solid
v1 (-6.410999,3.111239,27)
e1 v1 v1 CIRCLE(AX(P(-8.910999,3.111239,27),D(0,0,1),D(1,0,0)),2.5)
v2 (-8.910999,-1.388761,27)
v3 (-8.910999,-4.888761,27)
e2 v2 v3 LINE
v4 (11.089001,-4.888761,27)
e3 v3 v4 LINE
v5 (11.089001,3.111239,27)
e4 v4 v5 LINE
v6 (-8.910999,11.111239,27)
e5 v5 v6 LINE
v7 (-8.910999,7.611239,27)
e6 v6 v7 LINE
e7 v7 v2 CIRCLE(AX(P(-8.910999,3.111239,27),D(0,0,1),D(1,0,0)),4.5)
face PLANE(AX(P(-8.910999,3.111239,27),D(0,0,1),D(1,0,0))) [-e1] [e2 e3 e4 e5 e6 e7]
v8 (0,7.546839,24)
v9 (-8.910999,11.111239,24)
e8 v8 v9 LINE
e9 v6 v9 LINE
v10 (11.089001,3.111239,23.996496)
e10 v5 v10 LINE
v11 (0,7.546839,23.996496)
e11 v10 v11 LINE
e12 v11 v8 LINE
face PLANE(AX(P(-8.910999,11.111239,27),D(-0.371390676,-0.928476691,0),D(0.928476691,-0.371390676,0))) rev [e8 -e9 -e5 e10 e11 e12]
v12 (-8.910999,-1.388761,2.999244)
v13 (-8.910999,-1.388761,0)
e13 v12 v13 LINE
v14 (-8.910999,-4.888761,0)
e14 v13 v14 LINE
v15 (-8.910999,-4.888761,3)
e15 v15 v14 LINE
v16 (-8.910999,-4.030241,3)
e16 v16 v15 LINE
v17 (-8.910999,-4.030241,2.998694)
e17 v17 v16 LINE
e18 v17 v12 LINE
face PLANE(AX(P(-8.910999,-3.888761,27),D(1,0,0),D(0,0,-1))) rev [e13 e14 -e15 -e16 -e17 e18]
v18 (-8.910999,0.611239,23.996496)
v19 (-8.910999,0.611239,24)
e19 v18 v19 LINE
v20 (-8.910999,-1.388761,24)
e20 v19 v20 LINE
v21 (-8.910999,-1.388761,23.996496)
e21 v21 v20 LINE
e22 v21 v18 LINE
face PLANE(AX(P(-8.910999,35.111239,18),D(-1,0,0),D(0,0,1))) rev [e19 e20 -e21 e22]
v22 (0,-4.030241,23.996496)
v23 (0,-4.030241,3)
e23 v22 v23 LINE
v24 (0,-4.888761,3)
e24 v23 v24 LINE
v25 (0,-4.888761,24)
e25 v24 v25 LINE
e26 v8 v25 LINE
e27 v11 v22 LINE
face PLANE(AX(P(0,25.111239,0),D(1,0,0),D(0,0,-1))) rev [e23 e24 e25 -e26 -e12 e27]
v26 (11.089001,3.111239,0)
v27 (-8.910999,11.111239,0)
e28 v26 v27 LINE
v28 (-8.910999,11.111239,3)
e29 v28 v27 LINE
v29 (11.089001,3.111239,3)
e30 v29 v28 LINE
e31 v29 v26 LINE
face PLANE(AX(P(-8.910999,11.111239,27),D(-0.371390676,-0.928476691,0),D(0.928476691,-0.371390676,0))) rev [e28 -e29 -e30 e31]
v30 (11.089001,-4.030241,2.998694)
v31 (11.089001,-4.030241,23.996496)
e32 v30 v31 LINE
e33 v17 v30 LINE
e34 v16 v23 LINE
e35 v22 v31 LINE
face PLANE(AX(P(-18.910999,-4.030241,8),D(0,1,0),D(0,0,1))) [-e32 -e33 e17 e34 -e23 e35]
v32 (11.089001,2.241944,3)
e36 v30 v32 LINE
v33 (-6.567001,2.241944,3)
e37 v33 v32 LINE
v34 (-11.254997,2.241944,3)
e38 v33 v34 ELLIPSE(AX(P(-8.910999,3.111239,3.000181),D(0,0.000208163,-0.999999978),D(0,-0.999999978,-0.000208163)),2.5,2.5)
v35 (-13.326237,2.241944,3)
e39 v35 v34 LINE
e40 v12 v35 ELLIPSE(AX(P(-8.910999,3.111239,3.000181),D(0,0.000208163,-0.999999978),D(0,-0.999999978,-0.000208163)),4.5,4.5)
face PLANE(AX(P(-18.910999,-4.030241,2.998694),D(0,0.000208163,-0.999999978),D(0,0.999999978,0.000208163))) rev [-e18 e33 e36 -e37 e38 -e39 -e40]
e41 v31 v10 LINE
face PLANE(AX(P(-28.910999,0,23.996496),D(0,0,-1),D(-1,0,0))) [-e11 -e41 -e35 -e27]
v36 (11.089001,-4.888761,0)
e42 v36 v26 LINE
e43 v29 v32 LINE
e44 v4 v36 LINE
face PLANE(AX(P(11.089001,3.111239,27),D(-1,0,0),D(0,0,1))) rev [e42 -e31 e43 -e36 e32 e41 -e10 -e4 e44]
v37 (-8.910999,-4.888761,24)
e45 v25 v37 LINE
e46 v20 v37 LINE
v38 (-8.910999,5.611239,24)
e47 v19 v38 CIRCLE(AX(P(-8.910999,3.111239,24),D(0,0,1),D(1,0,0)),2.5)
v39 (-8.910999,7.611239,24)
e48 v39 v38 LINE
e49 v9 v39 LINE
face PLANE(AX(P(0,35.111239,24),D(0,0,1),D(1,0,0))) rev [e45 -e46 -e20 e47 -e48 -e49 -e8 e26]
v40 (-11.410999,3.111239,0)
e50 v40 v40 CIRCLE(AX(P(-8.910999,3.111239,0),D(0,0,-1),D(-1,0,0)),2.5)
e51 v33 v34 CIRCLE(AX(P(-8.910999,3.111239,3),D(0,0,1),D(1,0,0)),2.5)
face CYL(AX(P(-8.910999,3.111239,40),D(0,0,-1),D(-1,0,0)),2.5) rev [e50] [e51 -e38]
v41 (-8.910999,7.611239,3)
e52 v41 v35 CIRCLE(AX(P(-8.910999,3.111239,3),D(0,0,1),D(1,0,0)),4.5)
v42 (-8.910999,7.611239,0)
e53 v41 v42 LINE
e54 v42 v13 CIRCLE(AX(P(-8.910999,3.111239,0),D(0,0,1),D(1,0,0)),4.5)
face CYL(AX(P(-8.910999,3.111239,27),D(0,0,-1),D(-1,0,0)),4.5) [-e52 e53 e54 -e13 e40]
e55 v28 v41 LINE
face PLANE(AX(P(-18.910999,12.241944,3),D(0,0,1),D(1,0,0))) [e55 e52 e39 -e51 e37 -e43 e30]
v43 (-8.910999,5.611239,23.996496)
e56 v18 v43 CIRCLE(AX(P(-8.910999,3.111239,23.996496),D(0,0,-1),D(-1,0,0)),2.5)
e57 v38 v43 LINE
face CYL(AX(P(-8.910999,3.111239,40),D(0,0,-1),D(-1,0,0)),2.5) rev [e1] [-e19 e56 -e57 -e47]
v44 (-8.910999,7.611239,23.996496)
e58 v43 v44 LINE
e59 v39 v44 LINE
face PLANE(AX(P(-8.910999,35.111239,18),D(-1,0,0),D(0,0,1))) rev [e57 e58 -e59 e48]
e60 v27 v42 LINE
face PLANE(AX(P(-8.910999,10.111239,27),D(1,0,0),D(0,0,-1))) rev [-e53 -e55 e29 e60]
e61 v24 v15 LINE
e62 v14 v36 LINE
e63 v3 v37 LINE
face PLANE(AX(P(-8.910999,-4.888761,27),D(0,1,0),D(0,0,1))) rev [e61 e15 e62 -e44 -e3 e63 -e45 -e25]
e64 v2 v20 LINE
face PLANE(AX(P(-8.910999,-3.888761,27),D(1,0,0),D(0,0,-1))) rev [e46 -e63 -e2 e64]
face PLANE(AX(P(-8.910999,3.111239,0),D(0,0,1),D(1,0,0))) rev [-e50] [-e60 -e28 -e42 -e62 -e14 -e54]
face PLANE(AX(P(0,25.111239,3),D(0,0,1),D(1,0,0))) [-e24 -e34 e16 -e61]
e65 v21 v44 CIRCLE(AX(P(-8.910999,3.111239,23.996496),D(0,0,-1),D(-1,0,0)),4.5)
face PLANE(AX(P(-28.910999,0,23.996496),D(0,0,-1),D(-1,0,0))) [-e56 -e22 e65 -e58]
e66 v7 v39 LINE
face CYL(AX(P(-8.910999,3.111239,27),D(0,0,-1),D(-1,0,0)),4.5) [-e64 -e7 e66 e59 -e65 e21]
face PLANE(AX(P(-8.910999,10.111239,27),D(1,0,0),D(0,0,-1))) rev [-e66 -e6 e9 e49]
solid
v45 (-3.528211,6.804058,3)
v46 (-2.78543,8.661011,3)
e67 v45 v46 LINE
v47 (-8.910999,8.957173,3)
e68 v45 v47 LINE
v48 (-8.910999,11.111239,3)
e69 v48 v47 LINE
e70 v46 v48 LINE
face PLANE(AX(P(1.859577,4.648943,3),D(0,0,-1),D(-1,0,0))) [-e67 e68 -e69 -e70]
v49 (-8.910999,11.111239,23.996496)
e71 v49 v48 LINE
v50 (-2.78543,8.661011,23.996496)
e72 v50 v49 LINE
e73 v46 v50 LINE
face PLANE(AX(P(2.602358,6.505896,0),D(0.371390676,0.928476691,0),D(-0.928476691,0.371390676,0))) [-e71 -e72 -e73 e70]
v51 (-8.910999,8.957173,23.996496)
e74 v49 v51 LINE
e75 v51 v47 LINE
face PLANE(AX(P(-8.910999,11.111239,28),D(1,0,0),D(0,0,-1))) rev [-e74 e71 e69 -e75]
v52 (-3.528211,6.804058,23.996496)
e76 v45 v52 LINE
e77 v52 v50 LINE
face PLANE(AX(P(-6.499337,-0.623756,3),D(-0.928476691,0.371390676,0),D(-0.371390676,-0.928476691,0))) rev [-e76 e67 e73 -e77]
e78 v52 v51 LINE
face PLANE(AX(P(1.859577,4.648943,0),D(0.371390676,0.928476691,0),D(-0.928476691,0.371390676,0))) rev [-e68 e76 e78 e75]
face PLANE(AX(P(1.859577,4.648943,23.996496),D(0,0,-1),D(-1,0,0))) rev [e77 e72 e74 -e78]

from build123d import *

# Parameters (mm, degrees)
EXTRUDE_2_DEPTH      = 27
CUT_EXTRUDE_1_DEPTH  = 30
CUT_EXTRUDE_3_DEPTH  = 30
SKETCH_8_W           = 8.910998672
SKETCH_8_H           = 15
CUT_EXTRUDE_4_DEPTH  = 30
SKETCH_38_W          = 5.996496197
SKETCH_38_H          = 7.141479878
CUT_EXTRUDE_5_DEPTH  = 40
SKETCH_41_W          = 6
SKETCH_41_H          = 16.93537555
CUT_EXTRUDE_6_DEPTH  = 40
SKETCH_43_W          = 8.910998672
SKETCH_43_H          = 6
CUT_EXTRUDE_7_DEPTH  = 40
SKETCH_36_R          = 2.5
CUT_EXTRUDE_8_DEPTH  = 40
SKETCH_45_W          = 9.597439288
SKETCH_45_H          = 20.996496197
EXTRUDE_8_DEPTH      = 2
CUT_EXTRUDE_10_DEPTH = 25
SKETCH_49_W          = 3
SKETCH_49_H          = 20.996496197
CUT_EXTRUDE_11_DEPTH = 10


with BuildPart() as part:
    # 草图1 → 凸台-拉伸2 (new body)
    with BuildSketch(Plane.XY):
        with BuildLine():
            Line((-8.910998672, 11.111238711), (11.089001328, 3.111238711))
            Line((11.089001328, 3.111238711), (11.089001328, -4.888761289))
            Line((11.089001328, -4.888761289), (-8.910998672, -4.888761289))
            Line((-8.910998672, -4.888761289), (-8.910998672, -3.888761289))
            Line((-8.910998672, -3.888761289), (-8.910998672, -1.388761289))
            ThreePointArc((-8.910998672, -1.388761289), (-13.410998672, 3.111238711), (-8.910998672, 7.611238711))
            Line((-8.910998672, 7.611238711), (-8.910998672, 10.111238711))
            Line((-8.910998672, 10.111238711), (-8.910998672, 11.111238711))
        make_face()
    extrude(amount=EXTRUDE_2_DEPTH)

    # 草图19 → 切除-拉伸-薄壁1 (cut)
    with BuildSketch(Plane(origin=(11.089001328, 0, 0), x_dir=(0, 0, -1), z_dir=(1, 0, 0))):
        Polygon((-18, -4.030241167), (-18, 12.241944183), (-3, 12.241944183), (-3, 2.241944183), (-8, 2.241944183), (-8, -4.030241167), align=None)
    extrude(amount=-CUT_EXTRUDE_1_DEPTH, mode=Mode.SUBTRACT)

    # 草图27 → 切除-拉伸3 (cut)
    with BuildSketch(Plane(origin=(11.089001328, 0, 0), x_dir=(0, 0, -1), z_dir=(1, 0, 0))):
        Polygon((-8, -4.030241167), (-2.998694363, -4.030241167), (-3, 2.241944183), (-8, 2.241944183), align=None)
    extrude(amount=-CUT_EXTRUDE_3_DEPTH, mode=Mode.SUBTRACT)

    # 草图8 → 切除-拉伸4 (cut)
    with BuildSketch(Plane(origin=(0, -4.888761289, 0), x_dir=(-1, 0, 0), z_dir=(0, -1, 0))):
        with Locations((4.455499336, -10.5)):
            Rectangle(SKETCH_8_W, SKETCH_8_H)
    extrude(amount=-CUT_EXTRUDE_4_DEPTH, mode=Mode.SUBTRACT)

    # 草图38 → 切除-拉伸5 (cut)
    with BuildSketch(Plane(origin=(11.089001328, 0, 0), x_dir=(0, 0, -1), z_dir=(1, 0, 0))):
        with Locations((-20.998248098, -0.459501228)):
            Rectangle(SKETCH_38_W, SKETCH_38_H)
    extrude(amount=-CUT_EXTRUDE_5_DEPTH, mode=Mode.SUBTRACT)

    # 草图41 → 切除-拉伸6 (cut)
    with BuildSketch(Plane(origin=(21.089001328, 0, 0), x_dir=(0, 0, -1), z_dir=(1, 0, 0))):
        with Locations((-20.996496197, 4.437446608)):
            Rectangle(SKETCH_41_W, SKETCH_41_H)
    extrude(amount=-CUT_EXTRUDE_6_DEPTH, mode=Mode.SUBTRACT)

    # 草图43 → 切除-拉伸7 (cut)
    with BuildSketch(Plane.XZ.offset(4.888761289)):
        with Locations((-4.455499336, 21)):
            Rectangle(SKETCH_43_W, SKETCH_43_H)
    extrude(amount=-CUT_EXTRUDE_7_DEPTH, mode=Mode.SUBTRACT)

    # 草图36 → 切除-拉伸8 (cut)
    with BuildSketch(Plane(origin=(0, 0, 0), x_dir=(-1, 0, 0), z_dir=(0, 0, -1))):
        with Locations((8.910998672, 3.111238711)):
            Circle(SKETCH_36_R)
    extrude(amount=-CUT_EXTRUDE_8_DEPTH, mode=Mode.SUBTRACT)


with BuildPart() as body_2:
    # 草图45 → 凸台-拉伸8 (new body)
    with BuildSketch(Plane(origin=(2.602358359, 6.505895899, 0), x_dir=(0.928476691, -0.371390676, 0), z_dir=(0.371390676, 0.928476691, 0))):
        with Locations((-7.601545375, -13.498248099)):
            Rectangle(SKETCH_45_W, SKETCH_45_H)
    extrude(amount=-EXTRUDE_8_DEPTH)

    # 草图47 → 切除-拉伸10 (cut)
    with BuildSketch(Plane(origin=(0, 0, 3), x_dir=(-1, 0, 0), z_dir=(0, 0, -1))):
        Polygon((8.910998672, 11.111238711), (8.910998672, 8.957172788), (9.653780025, 9.254285329), align=None)
    extrude(amount=-CUT_EXTRUDE_10_DEPTH, mode=Mode.SUBTRACT)

    # 草图49 → 切除-拉伸11 (cut)
    with BuildSketch(Plane(origin=(2.602358359, 6.505895899, 0), x_dir=(0.928476691, -0.371390676, 0), z_dir=(0.371390676, 0.928476691, 0))):
        with Locations((-4.302825731, -13.498248099)):
            Rectangle(SKETCH_49_W, SKETCH_49_H)
    extrude(amount=-CUT_EXTRUDE_11_DEPTH, mode=Mode.SUBTRACT)


solid = Compound([part.part, body_2.part])
